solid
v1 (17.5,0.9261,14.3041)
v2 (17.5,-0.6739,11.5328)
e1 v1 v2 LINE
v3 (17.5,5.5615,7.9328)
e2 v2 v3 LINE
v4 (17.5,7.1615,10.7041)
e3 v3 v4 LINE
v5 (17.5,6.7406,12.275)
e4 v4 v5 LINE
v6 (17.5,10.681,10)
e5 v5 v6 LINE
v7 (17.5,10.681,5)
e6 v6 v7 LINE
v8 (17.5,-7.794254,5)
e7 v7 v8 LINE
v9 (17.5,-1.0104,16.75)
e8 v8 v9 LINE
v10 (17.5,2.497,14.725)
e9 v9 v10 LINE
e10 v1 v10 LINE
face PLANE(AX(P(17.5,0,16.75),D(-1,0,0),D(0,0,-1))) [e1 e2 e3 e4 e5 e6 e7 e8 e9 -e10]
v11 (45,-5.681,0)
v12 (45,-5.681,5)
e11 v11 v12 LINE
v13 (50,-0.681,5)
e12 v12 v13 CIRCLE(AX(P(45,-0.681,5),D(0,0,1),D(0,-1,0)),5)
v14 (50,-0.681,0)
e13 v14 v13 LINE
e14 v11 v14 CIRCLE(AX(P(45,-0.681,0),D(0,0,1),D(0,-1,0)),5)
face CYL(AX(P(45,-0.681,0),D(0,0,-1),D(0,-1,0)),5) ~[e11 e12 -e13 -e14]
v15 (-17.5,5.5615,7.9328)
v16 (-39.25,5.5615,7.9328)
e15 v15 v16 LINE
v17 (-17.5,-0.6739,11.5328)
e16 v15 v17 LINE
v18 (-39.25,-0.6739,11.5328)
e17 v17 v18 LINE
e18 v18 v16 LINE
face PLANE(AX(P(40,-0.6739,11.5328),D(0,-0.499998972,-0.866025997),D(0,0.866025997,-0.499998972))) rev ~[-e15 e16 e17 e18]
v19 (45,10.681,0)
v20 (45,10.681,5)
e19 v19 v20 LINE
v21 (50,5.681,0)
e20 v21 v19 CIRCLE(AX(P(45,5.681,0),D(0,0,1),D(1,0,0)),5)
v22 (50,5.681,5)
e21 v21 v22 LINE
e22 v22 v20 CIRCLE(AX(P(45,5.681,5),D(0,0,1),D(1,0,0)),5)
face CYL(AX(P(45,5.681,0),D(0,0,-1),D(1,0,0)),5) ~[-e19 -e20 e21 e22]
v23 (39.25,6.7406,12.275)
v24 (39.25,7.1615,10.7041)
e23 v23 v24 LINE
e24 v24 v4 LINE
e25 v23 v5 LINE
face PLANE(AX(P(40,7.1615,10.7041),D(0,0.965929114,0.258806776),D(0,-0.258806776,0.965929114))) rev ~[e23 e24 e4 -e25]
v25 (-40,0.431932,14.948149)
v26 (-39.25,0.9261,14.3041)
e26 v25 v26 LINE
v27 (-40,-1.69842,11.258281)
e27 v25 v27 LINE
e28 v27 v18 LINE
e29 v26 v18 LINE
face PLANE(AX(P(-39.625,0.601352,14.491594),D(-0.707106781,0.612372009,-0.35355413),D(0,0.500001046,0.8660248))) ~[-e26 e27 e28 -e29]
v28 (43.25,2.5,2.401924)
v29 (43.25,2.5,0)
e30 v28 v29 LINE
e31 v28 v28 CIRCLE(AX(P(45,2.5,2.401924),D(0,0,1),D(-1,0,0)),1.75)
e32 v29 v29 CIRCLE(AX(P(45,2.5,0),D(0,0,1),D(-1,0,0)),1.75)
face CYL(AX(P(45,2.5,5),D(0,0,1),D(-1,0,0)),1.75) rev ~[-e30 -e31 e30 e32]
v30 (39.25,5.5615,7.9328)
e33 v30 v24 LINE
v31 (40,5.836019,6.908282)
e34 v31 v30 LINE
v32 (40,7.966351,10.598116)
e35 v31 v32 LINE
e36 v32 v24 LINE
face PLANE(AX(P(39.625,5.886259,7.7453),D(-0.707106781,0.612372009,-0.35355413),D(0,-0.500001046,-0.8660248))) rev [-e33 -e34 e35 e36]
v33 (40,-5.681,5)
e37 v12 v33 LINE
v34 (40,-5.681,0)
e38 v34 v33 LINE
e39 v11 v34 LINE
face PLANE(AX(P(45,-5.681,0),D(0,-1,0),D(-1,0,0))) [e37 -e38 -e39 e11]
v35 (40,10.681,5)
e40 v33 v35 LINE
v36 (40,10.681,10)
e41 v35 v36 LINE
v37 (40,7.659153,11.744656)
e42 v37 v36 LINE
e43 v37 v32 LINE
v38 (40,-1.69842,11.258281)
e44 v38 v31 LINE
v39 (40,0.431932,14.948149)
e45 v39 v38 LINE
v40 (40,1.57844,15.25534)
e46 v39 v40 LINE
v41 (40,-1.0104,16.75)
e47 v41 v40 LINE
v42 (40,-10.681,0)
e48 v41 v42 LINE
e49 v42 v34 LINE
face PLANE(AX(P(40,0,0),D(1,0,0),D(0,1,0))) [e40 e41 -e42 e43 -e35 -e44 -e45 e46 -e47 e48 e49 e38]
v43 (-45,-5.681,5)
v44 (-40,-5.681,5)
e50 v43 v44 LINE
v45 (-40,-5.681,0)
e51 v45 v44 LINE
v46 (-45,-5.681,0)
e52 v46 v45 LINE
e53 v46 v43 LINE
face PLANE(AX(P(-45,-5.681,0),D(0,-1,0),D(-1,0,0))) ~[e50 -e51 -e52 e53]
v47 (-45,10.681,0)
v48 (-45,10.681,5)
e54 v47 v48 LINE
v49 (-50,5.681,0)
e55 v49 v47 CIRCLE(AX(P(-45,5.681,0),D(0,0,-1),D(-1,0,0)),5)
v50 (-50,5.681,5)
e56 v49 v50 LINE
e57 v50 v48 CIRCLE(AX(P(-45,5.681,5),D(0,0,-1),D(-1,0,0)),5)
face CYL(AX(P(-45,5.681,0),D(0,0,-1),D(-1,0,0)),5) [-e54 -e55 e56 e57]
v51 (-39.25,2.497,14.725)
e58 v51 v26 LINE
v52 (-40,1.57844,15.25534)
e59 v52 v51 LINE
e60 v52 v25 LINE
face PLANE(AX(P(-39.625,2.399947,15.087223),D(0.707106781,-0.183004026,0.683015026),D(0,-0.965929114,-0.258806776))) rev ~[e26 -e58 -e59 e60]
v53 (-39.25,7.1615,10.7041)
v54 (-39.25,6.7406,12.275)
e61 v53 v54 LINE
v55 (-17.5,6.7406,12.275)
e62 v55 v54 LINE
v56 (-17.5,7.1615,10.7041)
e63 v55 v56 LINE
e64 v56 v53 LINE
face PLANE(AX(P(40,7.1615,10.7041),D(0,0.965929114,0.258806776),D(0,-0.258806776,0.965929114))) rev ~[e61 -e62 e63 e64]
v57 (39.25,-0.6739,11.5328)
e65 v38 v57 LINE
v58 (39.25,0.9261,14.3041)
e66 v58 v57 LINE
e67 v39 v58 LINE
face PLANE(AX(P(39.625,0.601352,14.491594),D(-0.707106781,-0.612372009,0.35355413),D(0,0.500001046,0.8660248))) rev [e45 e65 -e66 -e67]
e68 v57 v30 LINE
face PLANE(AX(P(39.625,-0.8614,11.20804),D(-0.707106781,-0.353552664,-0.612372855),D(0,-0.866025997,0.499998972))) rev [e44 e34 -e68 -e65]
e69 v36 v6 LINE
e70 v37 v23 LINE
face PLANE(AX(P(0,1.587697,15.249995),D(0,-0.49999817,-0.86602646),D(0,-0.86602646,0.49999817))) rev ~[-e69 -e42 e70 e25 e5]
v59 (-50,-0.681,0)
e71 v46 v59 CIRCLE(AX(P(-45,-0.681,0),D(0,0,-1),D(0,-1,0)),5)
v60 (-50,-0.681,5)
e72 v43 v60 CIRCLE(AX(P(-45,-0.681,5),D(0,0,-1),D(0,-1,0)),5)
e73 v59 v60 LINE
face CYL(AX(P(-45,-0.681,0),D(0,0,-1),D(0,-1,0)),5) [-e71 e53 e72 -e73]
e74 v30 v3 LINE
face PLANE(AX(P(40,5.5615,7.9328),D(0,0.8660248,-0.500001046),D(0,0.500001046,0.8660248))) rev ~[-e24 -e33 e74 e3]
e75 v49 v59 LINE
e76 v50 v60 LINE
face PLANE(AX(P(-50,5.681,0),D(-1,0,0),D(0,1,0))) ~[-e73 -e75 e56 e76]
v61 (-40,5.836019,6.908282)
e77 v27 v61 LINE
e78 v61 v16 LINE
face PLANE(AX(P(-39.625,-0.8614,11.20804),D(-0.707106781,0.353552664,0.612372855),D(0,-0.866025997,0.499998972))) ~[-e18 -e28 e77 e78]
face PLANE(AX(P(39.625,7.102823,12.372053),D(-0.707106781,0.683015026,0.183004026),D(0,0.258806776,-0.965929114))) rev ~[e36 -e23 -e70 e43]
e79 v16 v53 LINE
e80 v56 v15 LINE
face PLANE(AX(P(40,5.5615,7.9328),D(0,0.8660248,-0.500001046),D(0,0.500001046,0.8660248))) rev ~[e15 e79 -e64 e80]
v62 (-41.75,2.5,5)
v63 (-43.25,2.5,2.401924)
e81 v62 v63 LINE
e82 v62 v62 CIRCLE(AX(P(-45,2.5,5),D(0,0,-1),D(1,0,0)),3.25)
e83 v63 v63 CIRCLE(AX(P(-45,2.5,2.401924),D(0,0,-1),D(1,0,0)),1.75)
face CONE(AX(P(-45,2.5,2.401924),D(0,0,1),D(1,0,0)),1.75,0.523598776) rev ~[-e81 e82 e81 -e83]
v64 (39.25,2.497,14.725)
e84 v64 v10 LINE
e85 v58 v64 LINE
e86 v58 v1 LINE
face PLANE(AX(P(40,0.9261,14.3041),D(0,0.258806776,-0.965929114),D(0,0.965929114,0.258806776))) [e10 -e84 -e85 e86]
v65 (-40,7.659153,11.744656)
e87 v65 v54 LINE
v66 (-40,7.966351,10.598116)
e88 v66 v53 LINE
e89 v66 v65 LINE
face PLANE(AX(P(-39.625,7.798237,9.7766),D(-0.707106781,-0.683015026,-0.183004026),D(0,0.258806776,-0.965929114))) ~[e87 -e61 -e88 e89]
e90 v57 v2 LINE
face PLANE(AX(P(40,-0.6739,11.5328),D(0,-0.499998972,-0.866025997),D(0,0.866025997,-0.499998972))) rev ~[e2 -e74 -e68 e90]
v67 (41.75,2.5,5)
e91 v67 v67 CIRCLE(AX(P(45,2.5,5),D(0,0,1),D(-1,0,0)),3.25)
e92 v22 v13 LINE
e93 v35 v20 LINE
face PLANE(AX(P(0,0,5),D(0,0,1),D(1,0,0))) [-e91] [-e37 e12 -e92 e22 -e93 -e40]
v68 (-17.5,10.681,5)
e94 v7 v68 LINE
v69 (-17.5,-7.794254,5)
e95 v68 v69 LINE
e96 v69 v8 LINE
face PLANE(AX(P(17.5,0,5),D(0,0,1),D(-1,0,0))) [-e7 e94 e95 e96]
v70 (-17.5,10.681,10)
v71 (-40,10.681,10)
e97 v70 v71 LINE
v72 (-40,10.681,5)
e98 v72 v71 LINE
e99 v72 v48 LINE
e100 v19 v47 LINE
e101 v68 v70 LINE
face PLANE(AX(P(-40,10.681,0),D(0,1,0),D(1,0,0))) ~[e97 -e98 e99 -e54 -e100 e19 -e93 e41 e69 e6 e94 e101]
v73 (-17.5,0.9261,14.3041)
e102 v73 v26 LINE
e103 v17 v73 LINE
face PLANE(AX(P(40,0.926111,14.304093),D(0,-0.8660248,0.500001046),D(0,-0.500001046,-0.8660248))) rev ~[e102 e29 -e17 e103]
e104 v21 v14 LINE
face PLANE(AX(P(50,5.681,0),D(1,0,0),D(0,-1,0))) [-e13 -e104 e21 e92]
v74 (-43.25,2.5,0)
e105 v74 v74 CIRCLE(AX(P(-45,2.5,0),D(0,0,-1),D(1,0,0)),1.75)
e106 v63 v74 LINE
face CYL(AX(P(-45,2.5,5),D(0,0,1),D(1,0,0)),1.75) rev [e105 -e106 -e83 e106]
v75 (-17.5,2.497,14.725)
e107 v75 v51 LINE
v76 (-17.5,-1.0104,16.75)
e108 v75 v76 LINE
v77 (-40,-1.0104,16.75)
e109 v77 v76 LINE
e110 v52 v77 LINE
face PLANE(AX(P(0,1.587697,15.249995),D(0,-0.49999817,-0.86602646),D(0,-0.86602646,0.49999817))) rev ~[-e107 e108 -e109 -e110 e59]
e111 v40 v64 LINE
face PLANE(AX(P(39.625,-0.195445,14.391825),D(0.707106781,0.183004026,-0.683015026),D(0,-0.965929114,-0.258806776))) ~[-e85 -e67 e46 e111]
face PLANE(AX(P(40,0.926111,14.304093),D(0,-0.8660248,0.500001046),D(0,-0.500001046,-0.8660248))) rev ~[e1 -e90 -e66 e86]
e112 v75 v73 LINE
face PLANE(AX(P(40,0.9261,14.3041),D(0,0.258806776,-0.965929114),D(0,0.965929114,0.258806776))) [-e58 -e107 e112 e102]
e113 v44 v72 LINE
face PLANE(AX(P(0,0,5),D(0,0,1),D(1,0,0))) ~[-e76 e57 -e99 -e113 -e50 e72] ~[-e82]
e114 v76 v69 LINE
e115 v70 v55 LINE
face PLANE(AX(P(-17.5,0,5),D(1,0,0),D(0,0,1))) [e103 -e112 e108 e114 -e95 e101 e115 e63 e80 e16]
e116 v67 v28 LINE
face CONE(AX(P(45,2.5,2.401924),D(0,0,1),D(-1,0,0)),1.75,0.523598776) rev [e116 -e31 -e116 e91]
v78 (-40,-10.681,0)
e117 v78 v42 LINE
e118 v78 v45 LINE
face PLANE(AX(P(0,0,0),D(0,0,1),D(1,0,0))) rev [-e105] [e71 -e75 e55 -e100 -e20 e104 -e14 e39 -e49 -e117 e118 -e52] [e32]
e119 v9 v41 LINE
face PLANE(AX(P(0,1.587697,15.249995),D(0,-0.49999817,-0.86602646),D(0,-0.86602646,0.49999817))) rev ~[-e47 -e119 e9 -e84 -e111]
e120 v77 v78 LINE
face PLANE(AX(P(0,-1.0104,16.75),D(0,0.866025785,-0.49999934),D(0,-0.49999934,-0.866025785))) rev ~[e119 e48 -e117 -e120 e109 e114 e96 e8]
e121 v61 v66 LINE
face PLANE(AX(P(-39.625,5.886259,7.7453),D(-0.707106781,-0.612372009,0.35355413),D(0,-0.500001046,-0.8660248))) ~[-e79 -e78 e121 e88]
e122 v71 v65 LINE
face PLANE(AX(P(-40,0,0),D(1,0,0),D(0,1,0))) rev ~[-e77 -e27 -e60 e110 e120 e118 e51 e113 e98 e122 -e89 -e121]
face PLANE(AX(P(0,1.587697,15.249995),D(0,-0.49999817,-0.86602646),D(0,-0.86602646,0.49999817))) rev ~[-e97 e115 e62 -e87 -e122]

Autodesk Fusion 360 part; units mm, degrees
sketch "Sketch1" plane through (0, 0, 0) normal (1, 0, 0) x (0, 1, 0)
  line L0 (-1.0104, 16.75) -> (-10.681, 0)
  line L1 (-10.681, 0) -> (10.681, 0)
  line L2 (10.681, 0) -> (10.681, 10)
  line L3 (10.681, 10) -> (-1.0104, 16.75)
  line L4 (1.5877, 15.25) -> (-0.5373, 11.5694)
  line L5 (-0.5373, 11.5694) -> (5.5249, 8.0694)
  line L6 (5.5249, 8.0694) -> (7.6499, 11.75)
  line L7 (7.6499, 11.75) -> (1.5877, 15.25) construction
  line L8 (5.5249, 8.0694) -> (-0.5373, 8.0694) construction
  line L9 (-0.5373, 8.0694) -> (-0.5373, 11.5694) construction
  line L10 (10.681, 7.5463) -> (6.5874, 9.9097) construction
  line L11 (0.5252, 13.4097) -> (-2.0729, 14.9097) construction
  line L12 (7.0249, 10.6675) -> (6.5674, 12.375) construction
  line L13 (0.9627, 14.1675) -> (2.6702, 14.625) construction
  dimension "d1" = 30
  dimension "d2" = 7
  dimension "d5" = 10
  dimension "d6" = 3.5
  dimension "d7" = 60
  dimension "d24" = 3
  dimension "d34" = 3
  dimension "d35" = 1.25
  dimension "d36" = 1.25
  dimension "d38" = 45
extrude "Extrude1" add sketch "Sketch1" along normal mid plane 80
sketch "Sketch3" plane through (0, 0, 0) normal (0, 0, 1) x (1, 0, 0)
  line L0 (40, -10.681) -> (40, 10.681)
  line L1 (40, 10.681) -> (45, 10.681)
  line L2 (50, 5.681) -> (50, -0.681)
  line L3 (45, -5.681) -> (40, -5.681)
  line L4 (40, -5.681) -> (40, 10.681)
  arc A0 (50, 5.681) -> (45, 10.681) centre (45, 5.681) ccw
  arc A1 (45, -5.681) -> (50, -0.681) centre (45, -0.681) ccw
  dimension "d11" = 5
  dimension "d12" = 10
  dimension "d15" = 5
extrude "Extrude2" add sketch "Sketch3" along normal blind 5
sketch "Sketch4" plane through (0, 0, 5) normal (0, 0, 1) x (-1, 0, 0)
  line L0 (-40, 5.681) -> (-45, 5.681)
  arc A0 (-45, 5.681) -> (-50, 0.681) centre (-45, 0.681) ccw
  line L1 (-50, 0.681) -> (-50, -5.681)
  arc A1 (-50, -5.681) -> (-45, -10.681) centre (-45, -5.681) ccw
  line L2 (-45, -10.681) -> (-40, -10.681)
  line L3 (-40, -10.681) -> (-40, 5.681)
  circle A2 centre (-45, -2.5) radius 1.75
  line L4 (-45, -10.681) -> (-45, 5.681) construction
  line L5 (-40, -10.681) -> (-50, -10.681) construction
  line L6 (-50, -5.681) -> (-50, -10.681) construction
  dimension "d16" = 3.5
extrude "Extrude3" cut sketch "Sketch4" against normal up to surface (5 mm away) contours A2
chamfer "Chamfer1" distance 1.5 angle 60 1 edges at (46.6316, 1.8672, 5) measured on face at (43.0417, -3.4592, 5)
mirror "Mirror1" about plane through (0, 0, 0) normal (1, 0, 0) of "Extrude2", "Extrude3", "Chamfer1"
sketch "Sketch5" plane through (40, 0, 0) normal (1, 0, 0) x (0, 1, 0)
  line L0 (-5.681, 0) -> (-5.681, 5)
  line L1 (-5.681, 5) -> (10.681, 5)
  line L2 (10.681, 5) -> (10.681, 10)
  line L3 (10.681, 10) -> (-1.0104, 16.75)
  line L4 (-1.0104, 16.75) -> (-10.681, 0)
  line L5 (-10.681, 0) -> (-5.681, 0)
  line L6 (1.5877, 15.25) -> (-0.5373, 11.5694) construction
  line L7 (-0.5373, 11.5694) -> (5.5249, 8.0694) construction
  line L8 (5.5249, 8.0694) -> (7.6499, 11.75) construction
  line L9 (1.5011, 15.3) -> (-0.6739, 11.5328)
  line L10 (-0.6739, 11.5328) -> (5.5615, 7.9328)
  line L11 (5.5615, 7.9328) -> (7.7365, 11.7)
  line L12 (0.9261, 14.3041) -> (2.497, 14.725)
  line L13 (7.1615, 10.7041) -> (6.7406, 12.275)
  dimension "d25" = 0.1
  dimension "d26" = 45
  dimension "d27" = 1.15
  dimension "d28" = 1.15
extrude "Extrude4" cut sketch "Sketch5" against normal up to surface (80 mm away) contours L3 L9 L10 L11 L12 L13
sketch "Sketch6" plane through (0, 0, 0) normal (0, 1, 0) x (1, 0, 0)
  line L0 (-40, -16.75) -> (40, -16.75)
  line L1 (-17.5, -16.75) -> (17.5, -16.75)
  line L2 (17.5, -16.75) -> (17.5, -5)
  line L3 (17.5, -5) -> (-17.5, -5)
  line L4 (-17.5, -5) -> (-17.5, -16.75)
  line L5 (40, -5) -> (45, -5)
  dimension "d32" = 35
extrude "Extrude5" cut sketch "Sketch6" along normal through all and the other way through all
chamfer "Chamfer2" distance 0.75 angle 45 6 edges at (40, 0.1261, 12.9184) (40, 2.4438, 9.7328) (40, 6.3615, 9.3184) (-40, 2.4438, 9.7328) (-40, 0.1261, 12.9184) (-40, 6.3615, 9.3184)
chamfer "Chamfer3" distance 0.75 angle 45 4 edges at (40, 1.1993, 14.3773) (40, 7.0883, 10.9773) (-40, 7.0883, 10.9773) (-40, 1.1993, 14.3773)
